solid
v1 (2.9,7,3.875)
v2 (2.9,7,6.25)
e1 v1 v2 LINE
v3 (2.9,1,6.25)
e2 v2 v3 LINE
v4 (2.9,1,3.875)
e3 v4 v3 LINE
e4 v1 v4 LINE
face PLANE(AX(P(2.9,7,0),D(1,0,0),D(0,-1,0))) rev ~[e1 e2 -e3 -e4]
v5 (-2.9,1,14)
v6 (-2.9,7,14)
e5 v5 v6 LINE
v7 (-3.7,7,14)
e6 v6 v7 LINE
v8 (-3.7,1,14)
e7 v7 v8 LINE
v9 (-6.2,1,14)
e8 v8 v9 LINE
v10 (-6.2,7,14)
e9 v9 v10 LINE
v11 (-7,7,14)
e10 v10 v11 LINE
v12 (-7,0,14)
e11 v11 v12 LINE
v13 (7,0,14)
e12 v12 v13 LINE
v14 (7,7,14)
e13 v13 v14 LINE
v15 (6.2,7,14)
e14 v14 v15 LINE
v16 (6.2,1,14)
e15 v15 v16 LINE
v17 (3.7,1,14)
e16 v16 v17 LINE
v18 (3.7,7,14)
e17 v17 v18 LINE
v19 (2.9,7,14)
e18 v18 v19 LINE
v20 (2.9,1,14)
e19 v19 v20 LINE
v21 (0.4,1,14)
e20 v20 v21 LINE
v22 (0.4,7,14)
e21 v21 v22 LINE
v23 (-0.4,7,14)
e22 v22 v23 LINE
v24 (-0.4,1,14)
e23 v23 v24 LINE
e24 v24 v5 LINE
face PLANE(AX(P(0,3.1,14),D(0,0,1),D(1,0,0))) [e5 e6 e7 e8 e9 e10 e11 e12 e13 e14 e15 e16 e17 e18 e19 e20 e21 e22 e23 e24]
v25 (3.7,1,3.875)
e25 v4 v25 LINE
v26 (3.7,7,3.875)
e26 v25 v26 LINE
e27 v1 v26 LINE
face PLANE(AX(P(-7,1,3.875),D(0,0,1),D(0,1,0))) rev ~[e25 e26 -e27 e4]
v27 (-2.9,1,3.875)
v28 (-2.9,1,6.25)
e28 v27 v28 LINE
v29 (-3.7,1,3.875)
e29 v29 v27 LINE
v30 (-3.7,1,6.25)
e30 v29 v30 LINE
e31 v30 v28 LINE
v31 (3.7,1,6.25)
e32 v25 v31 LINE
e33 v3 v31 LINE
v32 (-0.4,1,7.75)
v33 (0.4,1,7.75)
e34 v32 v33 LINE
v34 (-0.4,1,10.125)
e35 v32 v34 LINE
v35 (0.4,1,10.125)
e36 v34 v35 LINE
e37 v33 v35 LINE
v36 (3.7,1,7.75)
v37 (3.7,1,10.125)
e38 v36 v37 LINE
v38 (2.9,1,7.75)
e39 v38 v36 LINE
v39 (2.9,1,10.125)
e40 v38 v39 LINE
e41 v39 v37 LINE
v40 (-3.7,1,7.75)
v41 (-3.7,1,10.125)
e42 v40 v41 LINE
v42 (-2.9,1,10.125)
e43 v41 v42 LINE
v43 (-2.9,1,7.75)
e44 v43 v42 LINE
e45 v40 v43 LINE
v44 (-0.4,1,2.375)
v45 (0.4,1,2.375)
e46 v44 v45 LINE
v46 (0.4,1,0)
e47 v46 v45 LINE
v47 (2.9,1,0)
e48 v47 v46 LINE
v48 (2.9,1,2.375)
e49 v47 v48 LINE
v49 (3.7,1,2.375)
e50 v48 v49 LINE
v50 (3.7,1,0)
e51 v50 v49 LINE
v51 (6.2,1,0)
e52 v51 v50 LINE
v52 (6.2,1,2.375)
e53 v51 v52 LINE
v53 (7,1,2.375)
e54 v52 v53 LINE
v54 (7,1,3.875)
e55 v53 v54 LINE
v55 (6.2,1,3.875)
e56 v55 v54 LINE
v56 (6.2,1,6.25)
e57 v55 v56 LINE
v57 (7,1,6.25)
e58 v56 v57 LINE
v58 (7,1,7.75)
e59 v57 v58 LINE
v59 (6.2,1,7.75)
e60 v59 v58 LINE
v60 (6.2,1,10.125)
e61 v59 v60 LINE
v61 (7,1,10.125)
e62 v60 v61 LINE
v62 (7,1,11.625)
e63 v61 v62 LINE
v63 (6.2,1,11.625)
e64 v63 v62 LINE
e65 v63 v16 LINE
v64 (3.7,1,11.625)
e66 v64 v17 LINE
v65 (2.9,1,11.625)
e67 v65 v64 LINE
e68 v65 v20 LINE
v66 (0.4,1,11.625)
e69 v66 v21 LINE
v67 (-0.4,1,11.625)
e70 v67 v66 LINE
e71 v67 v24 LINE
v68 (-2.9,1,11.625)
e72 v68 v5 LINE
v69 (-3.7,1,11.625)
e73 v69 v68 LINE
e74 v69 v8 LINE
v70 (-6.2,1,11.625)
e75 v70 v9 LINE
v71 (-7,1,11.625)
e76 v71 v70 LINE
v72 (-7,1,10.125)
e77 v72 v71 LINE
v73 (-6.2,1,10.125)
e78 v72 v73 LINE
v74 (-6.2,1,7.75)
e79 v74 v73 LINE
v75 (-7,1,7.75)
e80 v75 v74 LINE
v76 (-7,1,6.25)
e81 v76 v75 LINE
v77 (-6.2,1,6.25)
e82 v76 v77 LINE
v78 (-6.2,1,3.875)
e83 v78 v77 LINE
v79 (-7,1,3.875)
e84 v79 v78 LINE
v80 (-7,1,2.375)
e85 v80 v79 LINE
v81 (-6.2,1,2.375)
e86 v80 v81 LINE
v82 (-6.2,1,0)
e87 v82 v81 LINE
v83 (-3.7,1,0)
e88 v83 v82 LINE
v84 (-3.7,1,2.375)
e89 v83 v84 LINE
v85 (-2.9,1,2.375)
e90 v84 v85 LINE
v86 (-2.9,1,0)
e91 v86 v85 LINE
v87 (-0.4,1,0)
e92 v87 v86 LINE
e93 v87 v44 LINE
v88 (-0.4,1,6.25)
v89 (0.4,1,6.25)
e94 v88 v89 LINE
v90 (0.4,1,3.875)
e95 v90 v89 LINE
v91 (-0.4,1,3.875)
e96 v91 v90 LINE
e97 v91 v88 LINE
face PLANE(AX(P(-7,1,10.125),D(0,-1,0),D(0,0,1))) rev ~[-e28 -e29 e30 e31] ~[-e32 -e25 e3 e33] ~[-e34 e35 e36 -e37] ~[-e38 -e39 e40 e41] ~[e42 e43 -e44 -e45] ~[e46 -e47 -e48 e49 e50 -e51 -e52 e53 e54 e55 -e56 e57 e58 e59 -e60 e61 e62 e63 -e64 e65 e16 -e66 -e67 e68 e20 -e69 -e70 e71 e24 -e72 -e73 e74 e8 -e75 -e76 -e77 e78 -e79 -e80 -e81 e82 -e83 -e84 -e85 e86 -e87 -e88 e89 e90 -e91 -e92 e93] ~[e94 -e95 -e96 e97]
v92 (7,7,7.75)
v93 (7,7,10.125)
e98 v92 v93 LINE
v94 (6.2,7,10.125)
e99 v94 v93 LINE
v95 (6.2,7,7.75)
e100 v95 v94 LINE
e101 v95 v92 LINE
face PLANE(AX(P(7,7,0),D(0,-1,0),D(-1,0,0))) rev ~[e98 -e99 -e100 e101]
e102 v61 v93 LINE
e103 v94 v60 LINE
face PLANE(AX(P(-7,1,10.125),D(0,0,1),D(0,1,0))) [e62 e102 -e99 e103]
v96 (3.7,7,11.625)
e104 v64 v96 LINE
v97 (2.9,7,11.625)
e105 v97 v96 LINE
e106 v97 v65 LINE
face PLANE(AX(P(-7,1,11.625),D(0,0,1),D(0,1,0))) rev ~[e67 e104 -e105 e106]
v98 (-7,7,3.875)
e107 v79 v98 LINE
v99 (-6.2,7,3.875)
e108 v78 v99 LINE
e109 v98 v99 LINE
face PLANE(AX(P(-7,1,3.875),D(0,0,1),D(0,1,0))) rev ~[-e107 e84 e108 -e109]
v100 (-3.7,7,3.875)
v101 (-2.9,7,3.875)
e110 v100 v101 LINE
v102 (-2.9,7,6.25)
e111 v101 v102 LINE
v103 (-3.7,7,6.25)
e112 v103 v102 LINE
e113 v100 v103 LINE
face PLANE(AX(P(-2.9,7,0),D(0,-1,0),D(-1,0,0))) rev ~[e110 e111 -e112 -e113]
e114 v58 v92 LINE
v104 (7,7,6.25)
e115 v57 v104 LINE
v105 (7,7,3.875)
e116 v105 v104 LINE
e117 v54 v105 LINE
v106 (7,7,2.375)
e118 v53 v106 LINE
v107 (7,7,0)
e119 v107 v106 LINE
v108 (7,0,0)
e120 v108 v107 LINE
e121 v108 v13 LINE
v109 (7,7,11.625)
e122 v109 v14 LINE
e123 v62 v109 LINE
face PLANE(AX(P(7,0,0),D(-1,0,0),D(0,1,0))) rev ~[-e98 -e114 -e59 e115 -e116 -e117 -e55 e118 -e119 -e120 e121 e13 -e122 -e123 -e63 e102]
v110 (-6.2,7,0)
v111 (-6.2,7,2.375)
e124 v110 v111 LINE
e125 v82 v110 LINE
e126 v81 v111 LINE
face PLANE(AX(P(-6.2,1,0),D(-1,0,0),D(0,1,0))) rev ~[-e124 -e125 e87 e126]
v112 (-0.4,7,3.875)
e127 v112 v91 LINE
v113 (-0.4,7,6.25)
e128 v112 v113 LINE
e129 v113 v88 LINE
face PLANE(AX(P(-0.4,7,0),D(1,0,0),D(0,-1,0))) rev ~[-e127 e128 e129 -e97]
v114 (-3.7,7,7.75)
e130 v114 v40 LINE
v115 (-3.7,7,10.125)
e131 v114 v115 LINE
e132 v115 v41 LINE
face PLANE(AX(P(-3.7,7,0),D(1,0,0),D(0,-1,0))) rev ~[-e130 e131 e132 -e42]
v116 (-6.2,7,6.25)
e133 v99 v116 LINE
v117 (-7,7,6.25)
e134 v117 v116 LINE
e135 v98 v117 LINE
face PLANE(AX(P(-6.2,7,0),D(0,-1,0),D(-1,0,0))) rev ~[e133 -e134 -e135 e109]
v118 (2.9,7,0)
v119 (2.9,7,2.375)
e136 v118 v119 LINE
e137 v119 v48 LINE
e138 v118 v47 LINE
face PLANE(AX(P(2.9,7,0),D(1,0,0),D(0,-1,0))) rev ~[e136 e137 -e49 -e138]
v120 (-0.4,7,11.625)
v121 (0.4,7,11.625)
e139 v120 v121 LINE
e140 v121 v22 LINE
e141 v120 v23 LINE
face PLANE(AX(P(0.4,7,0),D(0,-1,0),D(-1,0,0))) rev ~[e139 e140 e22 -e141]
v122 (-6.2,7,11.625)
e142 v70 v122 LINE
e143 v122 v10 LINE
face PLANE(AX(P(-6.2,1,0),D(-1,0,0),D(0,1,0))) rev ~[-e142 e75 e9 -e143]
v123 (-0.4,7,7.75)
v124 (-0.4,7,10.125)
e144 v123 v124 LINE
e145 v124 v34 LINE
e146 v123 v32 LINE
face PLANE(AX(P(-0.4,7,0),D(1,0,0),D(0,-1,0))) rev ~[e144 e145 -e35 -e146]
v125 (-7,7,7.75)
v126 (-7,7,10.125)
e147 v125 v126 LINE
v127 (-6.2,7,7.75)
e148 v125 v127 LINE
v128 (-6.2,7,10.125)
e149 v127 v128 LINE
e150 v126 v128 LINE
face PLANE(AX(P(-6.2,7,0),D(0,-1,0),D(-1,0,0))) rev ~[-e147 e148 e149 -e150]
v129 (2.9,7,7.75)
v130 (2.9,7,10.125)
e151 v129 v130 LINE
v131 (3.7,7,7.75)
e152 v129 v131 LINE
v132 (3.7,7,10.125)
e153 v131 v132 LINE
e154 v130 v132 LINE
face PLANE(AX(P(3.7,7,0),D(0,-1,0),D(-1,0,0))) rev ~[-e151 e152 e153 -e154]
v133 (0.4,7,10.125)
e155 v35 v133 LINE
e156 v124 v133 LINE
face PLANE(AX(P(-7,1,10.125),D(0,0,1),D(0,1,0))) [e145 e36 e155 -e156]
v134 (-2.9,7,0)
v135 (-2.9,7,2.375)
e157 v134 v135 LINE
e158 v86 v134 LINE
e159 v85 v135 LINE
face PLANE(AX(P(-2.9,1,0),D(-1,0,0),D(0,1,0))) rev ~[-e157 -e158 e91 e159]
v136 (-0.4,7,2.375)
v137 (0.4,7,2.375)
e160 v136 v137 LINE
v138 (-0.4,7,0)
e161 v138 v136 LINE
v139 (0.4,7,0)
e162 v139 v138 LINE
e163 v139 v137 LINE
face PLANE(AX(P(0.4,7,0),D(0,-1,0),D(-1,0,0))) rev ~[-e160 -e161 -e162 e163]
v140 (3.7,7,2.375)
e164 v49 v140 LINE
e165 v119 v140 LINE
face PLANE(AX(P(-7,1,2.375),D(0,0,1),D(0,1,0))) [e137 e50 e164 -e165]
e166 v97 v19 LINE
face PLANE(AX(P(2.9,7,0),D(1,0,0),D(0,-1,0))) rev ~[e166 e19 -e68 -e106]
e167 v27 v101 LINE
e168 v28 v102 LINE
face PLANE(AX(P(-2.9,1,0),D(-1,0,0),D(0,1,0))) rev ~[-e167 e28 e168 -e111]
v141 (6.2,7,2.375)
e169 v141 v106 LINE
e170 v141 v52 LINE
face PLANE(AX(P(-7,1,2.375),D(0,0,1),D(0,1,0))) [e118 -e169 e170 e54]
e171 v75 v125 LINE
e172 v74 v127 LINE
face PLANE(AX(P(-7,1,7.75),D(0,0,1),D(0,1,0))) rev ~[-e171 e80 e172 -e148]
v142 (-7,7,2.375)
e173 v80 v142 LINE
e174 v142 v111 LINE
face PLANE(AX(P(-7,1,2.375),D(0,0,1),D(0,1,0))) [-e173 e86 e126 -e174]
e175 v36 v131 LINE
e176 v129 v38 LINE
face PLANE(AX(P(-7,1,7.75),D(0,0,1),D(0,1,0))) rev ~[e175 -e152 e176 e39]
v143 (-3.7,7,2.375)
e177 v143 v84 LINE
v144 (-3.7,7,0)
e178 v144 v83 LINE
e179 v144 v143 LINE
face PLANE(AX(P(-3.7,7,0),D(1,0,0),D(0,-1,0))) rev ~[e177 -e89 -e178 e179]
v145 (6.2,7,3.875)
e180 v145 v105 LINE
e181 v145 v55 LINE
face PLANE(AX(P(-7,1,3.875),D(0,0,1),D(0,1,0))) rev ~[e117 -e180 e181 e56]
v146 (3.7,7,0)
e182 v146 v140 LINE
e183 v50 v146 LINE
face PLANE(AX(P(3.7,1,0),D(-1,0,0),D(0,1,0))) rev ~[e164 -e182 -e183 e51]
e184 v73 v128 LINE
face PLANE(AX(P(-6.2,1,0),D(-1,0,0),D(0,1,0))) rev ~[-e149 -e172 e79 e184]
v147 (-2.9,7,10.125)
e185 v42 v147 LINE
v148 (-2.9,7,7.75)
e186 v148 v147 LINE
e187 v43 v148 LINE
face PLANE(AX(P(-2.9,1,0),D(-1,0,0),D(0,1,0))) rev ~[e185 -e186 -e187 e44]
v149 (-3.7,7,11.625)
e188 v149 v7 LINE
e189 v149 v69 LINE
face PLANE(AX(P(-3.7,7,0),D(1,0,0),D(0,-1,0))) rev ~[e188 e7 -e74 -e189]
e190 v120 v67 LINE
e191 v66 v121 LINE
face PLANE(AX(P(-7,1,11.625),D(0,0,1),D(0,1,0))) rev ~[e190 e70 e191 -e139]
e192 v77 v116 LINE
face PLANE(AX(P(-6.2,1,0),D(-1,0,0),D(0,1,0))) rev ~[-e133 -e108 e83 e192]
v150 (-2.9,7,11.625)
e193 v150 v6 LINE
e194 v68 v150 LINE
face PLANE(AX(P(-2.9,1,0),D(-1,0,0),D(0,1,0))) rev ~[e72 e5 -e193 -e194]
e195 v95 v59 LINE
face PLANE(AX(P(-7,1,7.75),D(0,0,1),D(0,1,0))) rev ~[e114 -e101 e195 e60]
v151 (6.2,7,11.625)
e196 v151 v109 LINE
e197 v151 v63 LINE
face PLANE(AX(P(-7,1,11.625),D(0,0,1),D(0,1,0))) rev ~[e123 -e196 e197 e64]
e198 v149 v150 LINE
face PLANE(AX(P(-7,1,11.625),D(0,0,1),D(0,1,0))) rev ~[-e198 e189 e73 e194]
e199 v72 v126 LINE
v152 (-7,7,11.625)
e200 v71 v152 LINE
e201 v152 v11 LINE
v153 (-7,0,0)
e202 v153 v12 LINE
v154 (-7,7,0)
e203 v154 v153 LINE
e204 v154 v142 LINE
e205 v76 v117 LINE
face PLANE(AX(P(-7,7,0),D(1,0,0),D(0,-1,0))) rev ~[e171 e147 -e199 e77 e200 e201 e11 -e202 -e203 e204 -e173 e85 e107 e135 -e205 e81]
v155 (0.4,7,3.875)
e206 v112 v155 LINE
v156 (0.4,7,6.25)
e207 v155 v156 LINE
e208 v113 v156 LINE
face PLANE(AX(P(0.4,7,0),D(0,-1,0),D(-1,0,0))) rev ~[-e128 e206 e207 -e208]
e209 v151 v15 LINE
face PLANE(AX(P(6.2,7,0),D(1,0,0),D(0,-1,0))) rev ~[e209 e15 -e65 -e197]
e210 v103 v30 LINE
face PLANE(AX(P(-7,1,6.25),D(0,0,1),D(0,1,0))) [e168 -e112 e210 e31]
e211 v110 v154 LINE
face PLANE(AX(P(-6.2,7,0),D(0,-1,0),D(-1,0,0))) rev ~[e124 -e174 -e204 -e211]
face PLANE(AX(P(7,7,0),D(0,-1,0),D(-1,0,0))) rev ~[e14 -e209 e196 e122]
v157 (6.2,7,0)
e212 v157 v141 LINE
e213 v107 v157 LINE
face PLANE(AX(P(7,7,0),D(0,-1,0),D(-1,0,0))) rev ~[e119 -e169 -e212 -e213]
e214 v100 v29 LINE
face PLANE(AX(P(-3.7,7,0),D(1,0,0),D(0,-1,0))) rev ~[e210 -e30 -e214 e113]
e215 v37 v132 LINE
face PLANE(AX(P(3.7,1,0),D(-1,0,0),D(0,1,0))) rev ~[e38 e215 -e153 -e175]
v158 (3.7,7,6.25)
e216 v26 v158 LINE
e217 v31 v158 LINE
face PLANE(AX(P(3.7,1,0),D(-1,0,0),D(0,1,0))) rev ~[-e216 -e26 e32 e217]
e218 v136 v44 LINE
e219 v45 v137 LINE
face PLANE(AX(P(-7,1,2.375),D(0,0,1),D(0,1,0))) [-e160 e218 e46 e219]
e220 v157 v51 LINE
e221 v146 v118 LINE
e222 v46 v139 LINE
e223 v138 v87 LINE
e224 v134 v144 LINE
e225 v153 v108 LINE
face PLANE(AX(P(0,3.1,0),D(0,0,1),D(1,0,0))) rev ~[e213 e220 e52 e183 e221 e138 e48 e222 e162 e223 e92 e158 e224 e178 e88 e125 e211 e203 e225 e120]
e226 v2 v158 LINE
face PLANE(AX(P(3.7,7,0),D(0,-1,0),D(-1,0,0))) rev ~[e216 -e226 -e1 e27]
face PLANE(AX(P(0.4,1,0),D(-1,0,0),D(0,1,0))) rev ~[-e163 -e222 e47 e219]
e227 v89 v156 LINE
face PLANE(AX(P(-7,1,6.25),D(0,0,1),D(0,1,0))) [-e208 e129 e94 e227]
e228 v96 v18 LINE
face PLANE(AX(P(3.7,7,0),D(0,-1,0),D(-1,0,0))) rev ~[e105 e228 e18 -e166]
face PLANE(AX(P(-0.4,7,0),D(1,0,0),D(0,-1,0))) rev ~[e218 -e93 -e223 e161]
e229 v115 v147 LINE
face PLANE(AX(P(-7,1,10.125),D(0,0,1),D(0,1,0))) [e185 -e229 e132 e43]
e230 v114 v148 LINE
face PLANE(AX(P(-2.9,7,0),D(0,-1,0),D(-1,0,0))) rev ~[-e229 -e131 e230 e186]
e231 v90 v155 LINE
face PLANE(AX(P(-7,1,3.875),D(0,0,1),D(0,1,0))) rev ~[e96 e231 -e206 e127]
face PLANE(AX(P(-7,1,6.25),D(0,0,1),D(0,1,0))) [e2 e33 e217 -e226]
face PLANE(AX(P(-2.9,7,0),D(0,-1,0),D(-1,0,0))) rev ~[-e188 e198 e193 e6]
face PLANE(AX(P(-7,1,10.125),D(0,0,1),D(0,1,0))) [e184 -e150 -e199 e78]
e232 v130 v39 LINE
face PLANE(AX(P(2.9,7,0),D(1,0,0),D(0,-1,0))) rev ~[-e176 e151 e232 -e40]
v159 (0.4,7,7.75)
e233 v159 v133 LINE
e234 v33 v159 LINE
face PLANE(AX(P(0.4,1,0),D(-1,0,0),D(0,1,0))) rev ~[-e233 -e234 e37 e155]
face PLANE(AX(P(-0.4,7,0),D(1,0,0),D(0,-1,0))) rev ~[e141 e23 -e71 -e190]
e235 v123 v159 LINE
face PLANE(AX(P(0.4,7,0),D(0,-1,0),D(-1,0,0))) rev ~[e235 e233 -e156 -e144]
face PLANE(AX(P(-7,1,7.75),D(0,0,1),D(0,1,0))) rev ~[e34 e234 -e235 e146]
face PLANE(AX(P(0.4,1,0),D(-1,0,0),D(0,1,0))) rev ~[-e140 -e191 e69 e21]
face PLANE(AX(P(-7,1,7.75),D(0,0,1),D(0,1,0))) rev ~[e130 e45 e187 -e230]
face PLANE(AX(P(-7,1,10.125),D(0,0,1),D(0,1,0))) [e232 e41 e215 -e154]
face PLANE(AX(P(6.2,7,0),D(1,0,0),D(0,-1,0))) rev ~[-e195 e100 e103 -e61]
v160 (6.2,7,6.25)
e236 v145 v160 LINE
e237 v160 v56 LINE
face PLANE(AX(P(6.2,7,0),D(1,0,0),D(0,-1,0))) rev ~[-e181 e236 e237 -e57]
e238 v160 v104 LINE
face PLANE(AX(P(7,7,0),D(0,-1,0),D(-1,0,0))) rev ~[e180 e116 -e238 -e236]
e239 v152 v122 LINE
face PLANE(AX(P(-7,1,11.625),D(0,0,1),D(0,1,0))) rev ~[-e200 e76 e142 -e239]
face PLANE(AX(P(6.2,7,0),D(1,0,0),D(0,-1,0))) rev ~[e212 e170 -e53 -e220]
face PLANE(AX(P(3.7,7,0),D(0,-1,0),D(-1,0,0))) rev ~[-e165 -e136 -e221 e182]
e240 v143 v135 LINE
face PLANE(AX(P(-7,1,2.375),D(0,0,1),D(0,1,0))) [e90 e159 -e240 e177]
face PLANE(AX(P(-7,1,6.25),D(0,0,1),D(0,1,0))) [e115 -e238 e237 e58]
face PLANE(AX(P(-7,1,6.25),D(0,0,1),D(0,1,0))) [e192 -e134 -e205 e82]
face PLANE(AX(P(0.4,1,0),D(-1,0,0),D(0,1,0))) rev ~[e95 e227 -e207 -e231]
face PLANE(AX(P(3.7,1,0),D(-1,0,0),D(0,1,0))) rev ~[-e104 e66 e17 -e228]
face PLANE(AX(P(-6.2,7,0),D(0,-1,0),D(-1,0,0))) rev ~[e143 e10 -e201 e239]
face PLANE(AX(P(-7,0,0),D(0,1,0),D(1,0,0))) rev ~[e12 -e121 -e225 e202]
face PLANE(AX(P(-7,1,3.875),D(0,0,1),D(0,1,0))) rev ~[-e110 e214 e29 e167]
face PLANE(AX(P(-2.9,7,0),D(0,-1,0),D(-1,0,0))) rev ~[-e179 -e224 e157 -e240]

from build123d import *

# Parameters (mm, degrees)
BOSS_EXTRUDE1_DEPTH = 14
SKETCH2_W           = 1.5
SKETCH2_H           = 6
CUT_EXTRUDE1_DEPTH  = 22


with BuildPart() as part:
    # Sketch1 → Boss-Extrude1 (new body)
    with BuildSketch(Plane.XY):
        Polygon((-7, 0), (7, 0), (7, 7), (6.2, 7), (6.2, 1), (3.7, 1), (3.7, 7), (2.9, 7), (2.9, 1), (0.4, 1), (0.4, 7), (-0.4, 7), (-0.4, 1), (-2.9, 1), (-2.9, 7), (-3.7, 7), (-3.7, 1), (-6.2, 1), (-6.2, 7), (-7, 7), align=None)
    extrude(amount=BOSS_EXTRUDE1_DEPTH)

    # Sketch2 → Cut-Extrude1 (cut, through all)
    with BuildSketch(Plane.ZY.offset(7)):
        with Locations((3.125, 4)):
            Rectangle(SKETCH2_W, SKETCH2_H)
        with Locations((7, 4)):
            Rectangle(SKETCH2_W, SKETCH2_H)
        with Locations((10.875, 4)):
            Rectangle(SKETCH2_W, SKETCH2_H)
    extrude(amount=-CUT_EXTRUDE1_DEPTH, mode=Mode.SUBTRACT)


solid = part.part
